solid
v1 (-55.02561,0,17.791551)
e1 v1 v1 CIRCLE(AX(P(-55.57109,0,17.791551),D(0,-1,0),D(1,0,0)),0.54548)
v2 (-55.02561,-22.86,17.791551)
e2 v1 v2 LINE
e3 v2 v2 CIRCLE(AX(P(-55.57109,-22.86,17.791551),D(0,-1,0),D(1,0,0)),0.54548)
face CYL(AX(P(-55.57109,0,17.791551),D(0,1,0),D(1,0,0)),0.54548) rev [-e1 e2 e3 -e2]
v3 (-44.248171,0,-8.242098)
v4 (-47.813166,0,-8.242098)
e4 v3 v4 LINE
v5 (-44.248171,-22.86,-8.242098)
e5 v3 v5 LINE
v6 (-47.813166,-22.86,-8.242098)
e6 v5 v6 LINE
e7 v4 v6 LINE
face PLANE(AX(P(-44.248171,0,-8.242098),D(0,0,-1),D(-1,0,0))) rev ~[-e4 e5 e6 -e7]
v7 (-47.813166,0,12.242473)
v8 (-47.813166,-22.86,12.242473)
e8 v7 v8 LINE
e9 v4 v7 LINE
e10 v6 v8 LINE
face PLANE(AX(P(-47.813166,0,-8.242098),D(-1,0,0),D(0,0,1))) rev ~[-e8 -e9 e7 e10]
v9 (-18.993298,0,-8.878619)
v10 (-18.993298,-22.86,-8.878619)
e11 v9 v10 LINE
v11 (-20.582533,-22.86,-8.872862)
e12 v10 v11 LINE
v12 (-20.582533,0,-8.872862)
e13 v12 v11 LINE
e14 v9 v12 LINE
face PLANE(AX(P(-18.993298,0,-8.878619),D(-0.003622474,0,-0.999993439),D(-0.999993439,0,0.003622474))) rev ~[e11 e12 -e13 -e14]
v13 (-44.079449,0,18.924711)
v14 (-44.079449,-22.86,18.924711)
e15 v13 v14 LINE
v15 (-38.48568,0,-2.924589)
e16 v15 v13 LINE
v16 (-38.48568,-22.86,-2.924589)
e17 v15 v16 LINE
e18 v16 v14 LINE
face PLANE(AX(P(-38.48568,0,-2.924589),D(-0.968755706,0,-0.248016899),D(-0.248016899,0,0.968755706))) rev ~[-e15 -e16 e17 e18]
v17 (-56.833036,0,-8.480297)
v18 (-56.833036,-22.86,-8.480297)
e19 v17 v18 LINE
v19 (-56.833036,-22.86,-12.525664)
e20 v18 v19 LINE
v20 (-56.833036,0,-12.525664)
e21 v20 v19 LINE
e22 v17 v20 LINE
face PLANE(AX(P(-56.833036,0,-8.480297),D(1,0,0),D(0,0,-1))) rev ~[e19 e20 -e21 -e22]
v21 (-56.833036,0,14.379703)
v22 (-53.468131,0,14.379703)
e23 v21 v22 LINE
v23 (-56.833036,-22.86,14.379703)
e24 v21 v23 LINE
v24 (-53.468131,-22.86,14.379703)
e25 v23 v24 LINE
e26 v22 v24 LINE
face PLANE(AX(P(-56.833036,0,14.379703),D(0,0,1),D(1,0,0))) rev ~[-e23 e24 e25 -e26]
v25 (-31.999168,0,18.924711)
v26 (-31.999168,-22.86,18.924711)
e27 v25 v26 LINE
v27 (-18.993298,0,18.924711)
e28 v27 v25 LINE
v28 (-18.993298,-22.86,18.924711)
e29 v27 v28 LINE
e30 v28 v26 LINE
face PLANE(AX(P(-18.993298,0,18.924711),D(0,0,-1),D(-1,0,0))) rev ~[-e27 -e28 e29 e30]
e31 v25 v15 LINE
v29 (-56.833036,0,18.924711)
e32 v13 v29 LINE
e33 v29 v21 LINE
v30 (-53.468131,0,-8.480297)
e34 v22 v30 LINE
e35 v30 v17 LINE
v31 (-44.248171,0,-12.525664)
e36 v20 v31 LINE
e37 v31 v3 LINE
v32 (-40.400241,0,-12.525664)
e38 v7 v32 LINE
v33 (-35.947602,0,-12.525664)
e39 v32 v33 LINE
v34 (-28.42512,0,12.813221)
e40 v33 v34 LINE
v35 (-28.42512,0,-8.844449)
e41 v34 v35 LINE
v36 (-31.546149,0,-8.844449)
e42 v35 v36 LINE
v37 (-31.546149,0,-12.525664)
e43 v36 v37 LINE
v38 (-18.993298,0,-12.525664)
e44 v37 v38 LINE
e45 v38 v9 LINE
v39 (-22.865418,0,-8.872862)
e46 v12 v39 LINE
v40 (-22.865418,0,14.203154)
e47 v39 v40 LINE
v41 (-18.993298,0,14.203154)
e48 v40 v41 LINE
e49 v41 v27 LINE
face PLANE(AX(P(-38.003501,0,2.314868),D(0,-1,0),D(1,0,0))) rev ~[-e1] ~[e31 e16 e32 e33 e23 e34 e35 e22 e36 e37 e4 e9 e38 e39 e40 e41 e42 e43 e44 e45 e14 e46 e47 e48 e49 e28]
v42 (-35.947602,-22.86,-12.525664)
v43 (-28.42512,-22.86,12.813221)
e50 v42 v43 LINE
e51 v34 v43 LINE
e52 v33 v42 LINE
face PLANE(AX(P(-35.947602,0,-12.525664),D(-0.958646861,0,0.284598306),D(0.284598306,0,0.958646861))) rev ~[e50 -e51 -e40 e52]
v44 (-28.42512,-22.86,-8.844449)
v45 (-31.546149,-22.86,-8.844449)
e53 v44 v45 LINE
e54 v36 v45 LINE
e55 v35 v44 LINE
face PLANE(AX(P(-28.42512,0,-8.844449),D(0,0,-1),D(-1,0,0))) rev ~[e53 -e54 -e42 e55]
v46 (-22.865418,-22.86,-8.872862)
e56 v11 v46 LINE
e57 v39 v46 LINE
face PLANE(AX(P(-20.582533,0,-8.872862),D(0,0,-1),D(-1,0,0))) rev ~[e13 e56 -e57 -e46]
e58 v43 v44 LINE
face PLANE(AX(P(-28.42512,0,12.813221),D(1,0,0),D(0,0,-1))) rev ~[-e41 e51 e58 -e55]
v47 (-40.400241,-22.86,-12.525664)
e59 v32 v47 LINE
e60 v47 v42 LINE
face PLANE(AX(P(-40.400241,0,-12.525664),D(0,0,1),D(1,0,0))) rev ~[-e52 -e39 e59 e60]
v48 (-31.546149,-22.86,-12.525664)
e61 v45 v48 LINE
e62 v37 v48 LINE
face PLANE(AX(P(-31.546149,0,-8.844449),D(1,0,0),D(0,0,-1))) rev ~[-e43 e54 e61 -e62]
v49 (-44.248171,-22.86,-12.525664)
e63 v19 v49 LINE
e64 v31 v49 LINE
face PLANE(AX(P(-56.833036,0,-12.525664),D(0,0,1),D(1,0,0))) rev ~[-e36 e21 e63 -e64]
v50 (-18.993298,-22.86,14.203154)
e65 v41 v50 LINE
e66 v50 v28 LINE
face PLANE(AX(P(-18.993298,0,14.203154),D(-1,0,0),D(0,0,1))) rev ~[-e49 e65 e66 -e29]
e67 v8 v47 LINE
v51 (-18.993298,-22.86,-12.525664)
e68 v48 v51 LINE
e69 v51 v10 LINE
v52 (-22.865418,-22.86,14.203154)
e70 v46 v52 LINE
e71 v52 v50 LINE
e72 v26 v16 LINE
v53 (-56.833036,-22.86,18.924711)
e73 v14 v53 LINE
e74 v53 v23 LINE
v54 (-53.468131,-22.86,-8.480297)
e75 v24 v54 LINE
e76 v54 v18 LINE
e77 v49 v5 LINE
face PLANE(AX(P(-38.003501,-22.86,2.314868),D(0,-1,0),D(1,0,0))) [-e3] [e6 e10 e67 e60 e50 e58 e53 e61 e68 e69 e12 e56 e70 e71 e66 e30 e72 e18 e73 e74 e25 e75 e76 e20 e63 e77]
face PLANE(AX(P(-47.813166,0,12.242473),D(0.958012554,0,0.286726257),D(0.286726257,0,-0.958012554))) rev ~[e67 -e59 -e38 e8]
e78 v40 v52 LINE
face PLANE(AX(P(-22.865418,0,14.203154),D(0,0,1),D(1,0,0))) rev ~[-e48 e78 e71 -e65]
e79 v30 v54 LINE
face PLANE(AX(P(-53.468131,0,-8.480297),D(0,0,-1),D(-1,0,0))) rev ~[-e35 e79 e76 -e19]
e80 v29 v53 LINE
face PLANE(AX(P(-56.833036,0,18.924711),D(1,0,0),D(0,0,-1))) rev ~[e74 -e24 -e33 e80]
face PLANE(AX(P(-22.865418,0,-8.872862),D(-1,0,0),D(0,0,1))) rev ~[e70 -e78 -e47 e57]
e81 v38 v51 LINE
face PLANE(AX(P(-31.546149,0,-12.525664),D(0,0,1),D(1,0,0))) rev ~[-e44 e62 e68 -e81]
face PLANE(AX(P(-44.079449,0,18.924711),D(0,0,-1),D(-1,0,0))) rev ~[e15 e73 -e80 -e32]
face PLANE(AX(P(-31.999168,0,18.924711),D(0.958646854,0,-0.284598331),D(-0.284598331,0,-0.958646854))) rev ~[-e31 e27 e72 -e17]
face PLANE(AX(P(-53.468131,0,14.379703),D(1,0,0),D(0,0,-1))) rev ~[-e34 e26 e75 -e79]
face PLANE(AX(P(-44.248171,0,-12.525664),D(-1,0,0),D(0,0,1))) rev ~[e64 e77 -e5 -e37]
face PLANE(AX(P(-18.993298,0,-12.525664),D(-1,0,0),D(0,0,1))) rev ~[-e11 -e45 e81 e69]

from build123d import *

# Parameters (mm, degrees)
F0_R     = 0.54548
F1_DEPTH = 22.86


with BuildPart() as f1:
    # F0 (on Front) → F1 (new body)
    with BuildSketch(Plane.XZ):
        Polygon((-31.546149, -12.525664), (-18.993298, -12.525664), (-18.993298, -8.878619), (-20.582533, -8.872862), (-22.865418, -8.872862), (-22.865418, 14.203154), (-20.582533, 14.203154), (-18.993298, 14.203154), (-18.993298, 18.924711), (-31.999168, 18.924711), (-38.48568, -2.924589), (-44.079449, 18.924711), (-56.833036, 18.924711), (-56.833036, 14.379703), (-53.468131, 14.379703), (-53.468131, -8.480297), (-56.833036, -8.480297), (-56.833036, -12.525664), (-44.248171, -12.525664), (-44.248171, -8.242098), (-47.813166, -8.242098), (-47.813166, 12.242473), (-40.400241, -12.525664), (-35.947602, -12.525664), (-28.42512, 12.813221), (-28.42512, -8.844449), (-31.546149, -8.844449), align=None)
        with Locations((-55.57109, 17.791551)):
            Circle(F0_R, mode=Mode.SUBTRACT)
    extrude(amount=F1_DEPTH)


solid = f1.part
